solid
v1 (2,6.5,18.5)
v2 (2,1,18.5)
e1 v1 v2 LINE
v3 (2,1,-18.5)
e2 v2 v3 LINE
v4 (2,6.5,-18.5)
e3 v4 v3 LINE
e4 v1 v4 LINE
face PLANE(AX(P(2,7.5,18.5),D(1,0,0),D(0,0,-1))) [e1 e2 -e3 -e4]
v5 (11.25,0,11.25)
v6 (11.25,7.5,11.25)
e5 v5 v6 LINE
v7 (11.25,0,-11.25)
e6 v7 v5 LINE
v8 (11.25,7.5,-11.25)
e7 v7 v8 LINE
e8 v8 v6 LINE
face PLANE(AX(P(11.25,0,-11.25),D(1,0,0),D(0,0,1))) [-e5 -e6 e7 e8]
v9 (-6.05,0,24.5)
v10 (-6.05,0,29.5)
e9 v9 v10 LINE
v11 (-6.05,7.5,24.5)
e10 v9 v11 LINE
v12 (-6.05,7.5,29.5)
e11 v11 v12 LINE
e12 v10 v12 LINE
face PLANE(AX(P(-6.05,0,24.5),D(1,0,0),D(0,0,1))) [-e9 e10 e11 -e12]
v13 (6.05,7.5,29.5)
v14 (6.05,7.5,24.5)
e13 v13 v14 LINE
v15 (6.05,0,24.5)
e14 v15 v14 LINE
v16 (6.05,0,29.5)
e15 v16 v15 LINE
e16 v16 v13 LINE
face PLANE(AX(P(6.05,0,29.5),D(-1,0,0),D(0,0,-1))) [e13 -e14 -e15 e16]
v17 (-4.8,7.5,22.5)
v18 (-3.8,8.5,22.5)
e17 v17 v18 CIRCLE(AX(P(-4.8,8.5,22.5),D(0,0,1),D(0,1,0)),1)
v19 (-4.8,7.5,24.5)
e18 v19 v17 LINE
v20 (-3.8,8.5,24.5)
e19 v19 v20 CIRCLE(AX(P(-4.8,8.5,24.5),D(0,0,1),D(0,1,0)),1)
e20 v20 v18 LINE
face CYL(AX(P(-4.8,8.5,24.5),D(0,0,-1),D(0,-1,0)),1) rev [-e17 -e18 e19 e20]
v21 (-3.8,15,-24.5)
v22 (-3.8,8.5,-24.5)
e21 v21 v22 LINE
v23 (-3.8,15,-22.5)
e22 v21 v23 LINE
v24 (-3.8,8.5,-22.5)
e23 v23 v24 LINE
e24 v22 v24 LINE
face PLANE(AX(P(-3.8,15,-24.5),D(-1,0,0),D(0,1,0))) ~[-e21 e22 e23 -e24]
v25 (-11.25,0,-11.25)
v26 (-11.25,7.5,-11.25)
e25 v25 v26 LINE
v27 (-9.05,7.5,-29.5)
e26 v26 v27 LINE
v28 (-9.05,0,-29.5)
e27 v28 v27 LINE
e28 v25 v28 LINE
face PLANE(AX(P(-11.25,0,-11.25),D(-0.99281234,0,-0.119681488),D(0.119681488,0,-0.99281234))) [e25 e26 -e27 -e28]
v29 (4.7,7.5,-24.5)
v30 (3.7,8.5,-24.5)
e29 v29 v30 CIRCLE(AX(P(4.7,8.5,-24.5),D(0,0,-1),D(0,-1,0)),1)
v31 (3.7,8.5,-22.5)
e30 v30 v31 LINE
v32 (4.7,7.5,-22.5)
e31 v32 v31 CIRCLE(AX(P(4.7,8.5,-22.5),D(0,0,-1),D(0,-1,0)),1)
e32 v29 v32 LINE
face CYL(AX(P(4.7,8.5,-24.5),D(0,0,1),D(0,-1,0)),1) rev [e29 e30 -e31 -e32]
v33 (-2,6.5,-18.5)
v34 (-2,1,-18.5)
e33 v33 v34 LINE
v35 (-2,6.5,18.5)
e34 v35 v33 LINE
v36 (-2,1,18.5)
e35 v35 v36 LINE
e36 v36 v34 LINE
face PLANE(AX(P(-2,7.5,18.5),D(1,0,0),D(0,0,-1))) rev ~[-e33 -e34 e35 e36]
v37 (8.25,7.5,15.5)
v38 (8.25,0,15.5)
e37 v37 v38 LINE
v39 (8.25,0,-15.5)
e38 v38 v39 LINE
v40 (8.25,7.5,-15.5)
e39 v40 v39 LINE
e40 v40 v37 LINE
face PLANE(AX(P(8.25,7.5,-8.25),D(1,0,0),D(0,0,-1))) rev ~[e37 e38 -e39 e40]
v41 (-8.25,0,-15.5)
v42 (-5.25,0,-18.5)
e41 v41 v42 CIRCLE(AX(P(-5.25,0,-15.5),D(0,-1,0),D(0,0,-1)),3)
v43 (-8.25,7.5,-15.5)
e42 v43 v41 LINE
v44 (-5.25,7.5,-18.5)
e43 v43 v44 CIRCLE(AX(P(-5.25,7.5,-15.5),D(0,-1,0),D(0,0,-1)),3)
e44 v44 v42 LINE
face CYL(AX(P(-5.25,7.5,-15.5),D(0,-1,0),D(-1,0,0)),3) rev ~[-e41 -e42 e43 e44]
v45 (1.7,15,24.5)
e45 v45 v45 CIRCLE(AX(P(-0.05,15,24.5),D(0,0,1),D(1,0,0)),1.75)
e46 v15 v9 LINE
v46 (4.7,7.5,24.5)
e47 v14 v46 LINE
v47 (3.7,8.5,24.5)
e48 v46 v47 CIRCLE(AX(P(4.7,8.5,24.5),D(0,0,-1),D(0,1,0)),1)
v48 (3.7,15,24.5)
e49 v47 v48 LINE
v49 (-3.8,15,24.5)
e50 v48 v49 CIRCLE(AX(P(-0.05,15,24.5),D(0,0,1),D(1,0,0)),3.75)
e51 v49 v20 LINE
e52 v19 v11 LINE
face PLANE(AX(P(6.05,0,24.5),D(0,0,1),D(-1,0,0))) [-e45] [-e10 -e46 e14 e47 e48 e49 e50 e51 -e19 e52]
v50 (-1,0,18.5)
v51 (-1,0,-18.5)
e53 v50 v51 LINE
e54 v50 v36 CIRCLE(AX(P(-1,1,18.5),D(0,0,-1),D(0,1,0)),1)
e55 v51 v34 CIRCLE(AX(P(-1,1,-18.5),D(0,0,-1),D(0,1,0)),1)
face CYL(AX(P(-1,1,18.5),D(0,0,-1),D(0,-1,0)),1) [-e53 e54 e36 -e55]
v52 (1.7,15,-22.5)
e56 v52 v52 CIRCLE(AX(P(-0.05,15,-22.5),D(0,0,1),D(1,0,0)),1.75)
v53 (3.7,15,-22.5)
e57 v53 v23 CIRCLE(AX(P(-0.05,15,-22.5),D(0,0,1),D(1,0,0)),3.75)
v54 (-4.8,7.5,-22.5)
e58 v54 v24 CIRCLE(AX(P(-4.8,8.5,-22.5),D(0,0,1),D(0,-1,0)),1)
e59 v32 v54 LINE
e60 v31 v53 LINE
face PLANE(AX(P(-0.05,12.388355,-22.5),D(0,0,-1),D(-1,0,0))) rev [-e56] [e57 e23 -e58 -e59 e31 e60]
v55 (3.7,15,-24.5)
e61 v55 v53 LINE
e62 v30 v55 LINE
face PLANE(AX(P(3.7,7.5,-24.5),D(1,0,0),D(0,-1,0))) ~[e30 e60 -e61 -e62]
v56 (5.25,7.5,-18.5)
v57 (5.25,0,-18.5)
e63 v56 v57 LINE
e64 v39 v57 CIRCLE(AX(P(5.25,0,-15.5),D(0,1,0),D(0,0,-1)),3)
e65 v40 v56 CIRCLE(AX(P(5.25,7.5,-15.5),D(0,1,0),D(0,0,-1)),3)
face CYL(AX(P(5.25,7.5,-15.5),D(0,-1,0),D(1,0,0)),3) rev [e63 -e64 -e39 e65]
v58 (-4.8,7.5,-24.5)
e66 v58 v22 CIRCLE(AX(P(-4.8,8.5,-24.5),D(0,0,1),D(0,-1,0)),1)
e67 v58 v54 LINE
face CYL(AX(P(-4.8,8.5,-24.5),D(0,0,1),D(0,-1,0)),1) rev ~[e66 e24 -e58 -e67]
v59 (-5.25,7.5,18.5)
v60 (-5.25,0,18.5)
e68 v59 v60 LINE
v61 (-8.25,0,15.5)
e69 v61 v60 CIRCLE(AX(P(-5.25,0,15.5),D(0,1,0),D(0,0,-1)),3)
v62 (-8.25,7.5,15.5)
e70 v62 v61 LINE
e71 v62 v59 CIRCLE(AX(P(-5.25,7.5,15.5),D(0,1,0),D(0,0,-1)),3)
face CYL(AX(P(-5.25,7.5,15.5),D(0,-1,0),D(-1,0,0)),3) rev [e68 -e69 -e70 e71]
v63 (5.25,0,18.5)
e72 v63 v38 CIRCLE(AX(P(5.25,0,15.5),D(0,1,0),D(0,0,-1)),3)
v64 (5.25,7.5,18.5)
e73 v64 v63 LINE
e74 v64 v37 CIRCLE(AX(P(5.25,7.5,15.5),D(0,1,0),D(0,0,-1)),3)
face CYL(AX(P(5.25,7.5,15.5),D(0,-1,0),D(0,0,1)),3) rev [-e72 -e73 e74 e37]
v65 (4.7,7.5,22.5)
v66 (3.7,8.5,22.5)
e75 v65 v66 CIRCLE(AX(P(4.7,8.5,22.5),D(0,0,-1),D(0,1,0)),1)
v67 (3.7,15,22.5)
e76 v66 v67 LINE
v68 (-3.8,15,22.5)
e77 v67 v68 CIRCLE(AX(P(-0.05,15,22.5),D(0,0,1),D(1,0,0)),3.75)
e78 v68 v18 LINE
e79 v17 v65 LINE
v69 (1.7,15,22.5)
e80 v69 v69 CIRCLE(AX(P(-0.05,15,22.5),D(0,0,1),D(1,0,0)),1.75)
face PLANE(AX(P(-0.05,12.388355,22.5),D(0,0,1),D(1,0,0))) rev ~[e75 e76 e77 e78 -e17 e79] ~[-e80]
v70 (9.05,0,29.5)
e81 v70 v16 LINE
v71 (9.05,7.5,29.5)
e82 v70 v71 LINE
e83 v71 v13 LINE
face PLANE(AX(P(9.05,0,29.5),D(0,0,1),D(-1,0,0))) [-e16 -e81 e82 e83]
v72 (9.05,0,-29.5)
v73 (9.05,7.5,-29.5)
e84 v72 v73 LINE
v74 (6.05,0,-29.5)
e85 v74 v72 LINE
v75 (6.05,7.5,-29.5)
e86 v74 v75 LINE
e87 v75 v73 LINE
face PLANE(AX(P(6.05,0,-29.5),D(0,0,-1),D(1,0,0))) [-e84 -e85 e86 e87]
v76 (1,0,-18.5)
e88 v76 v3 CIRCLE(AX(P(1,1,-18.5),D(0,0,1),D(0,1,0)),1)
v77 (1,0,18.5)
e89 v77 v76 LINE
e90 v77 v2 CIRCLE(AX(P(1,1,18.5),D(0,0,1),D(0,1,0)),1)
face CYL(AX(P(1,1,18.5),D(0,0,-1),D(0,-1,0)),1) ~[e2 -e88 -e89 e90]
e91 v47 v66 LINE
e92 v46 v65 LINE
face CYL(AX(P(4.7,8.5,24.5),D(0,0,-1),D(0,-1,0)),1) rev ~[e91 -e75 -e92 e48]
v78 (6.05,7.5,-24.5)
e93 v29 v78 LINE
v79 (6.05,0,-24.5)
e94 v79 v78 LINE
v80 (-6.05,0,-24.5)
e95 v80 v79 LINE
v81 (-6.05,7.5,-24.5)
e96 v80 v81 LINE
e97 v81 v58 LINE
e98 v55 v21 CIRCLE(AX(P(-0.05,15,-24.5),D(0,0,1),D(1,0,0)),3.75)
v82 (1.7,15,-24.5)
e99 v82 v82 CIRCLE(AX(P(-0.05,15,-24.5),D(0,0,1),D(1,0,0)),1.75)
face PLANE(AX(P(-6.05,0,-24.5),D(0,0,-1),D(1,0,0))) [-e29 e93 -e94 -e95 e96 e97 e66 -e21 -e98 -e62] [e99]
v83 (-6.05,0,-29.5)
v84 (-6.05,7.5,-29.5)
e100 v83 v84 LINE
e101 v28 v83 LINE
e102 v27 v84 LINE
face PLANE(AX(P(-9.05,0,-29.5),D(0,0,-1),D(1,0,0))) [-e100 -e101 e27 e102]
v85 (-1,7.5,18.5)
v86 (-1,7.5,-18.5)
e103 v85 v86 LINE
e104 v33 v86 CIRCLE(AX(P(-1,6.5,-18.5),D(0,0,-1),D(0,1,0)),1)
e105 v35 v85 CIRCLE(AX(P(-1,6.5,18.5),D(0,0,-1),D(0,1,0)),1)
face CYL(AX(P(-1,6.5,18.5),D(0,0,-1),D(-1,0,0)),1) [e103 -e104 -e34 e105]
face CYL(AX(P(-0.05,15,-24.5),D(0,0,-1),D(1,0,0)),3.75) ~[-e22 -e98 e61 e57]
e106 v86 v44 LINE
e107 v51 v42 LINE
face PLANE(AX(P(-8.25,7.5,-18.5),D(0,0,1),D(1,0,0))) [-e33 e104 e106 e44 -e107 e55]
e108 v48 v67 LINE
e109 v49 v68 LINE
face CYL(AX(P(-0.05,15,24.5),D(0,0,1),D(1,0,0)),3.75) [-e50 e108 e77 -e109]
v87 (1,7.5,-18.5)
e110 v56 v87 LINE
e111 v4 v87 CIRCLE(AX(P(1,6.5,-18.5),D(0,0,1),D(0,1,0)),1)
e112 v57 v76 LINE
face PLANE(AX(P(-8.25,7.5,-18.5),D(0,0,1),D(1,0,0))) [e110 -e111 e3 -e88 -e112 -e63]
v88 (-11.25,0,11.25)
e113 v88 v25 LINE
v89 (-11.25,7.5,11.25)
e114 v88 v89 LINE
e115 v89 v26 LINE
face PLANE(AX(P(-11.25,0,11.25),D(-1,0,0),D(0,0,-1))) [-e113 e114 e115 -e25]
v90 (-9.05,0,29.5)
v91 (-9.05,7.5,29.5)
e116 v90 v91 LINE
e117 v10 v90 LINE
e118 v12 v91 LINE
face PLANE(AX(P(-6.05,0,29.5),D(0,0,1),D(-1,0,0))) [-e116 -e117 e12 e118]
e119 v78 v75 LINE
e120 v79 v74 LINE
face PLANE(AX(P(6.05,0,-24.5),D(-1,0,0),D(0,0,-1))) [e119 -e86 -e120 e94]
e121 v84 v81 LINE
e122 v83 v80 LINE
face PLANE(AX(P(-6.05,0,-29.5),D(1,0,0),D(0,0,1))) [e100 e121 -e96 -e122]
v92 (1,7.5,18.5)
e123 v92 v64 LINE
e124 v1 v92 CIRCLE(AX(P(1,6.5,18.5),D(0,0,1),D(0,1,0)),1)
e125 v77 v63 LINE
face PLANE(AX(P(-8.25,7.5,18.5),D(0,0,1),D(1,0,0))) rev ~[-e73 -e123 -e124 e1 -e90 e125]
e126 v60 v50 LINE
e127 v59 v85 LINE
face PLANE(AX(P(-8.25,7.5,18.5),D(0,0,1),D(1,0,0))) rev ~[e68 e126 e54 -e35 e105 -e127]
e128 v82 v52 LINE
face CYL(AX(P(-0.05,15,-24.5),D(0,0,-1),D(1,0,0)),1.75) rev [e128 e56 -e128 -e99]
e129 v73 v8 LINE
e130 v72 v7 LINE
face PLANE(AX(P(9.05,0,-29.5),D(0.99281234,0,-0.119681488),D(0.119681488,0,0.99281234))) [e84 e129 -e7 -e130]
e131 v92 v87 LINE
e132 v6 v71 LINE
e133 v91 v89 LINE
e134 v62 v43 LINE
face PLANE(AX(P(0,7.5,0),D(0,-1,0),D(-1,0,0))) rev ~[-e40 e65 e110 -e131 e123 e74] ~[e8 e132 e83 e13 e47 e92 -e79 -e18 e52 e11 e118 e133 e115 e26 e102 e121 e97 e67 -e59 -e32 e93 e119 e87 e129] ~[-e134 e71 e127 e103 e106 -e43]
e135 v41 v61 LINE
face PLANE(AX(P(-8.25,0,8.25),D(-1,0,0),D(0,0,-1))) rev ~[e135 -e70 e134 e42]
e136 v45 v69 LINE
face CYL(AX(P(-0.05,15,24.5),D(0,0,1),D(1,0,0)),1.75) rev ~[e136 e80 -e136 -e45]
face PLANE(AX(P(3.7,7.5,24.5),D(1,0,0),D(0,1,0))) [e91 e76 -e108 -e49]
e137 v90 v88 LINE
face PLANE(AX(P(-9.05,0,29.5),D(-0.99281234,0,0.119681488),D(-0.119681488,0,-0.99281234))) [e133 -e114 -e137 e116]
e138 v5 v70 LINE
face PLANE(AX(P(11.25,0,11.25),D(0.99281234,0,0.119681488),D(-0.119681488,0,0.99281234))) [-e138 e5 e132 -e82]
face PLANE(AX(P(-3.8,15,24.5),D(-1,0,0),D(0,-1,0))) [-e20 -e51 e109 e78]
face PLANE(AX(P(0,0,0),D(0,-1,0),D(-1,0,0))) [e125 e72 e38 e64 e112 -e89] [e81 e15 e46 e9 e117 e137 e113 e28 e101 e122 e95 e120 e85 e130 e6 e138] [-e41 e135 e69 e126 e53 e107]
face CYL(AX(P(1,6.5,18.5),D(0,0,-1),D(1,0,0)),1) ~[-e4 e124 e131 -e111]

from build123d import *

# Parameters (mm, degrees)
SKETCH1_W           = 16.5
SKETCH1_H           = 16.5
BOSS_EXTRUDE2_DEPTH = 7.5
SKETCH2_W           = 16.5
SKETCH2_H           = 10.25
CUT_EXTRUDE1_DEPTH  = 33.450924486
SKETCH5_W           = 4
SKETCH5_H           = 37
BOSS_EXTRUDE4_DEPTH = 7.5
SKETCH4_R           = 1.75
BOSS_EXTRUDE3_DEPTH = 2
FILLET1_R           = 3
FILLET2_R           = 1
FILLET3_R           = 1


with BuildPart() as part:
    # Sketch1 → Boss-Extrude2 (new body)
    with BuildSketch(Plane(origin=(0, 0, 0), x_dir=(1, 0, 0), z_dir=(0, 1, 0))):
        Polygon((-11.25, -11.25), (-11.25, 11.25), (-9.05, 29.5), (-6.05, 29.5), (-6.05, 24.5), (6.05, 24.5), (6.05, 29.5), (9.05, 29.5), (11.25, 11.25), (11.25, -11.25), (9.05, -29.5), (6.05, -29.5), (6.05, -24.5), (-6.05, -24.5), (-6.05, -29.5), (-9.05, -29.5), align=None)
        Rectangle(SKETCH1_W, SKETCH1_H, mode=Mode.SUBTRACT)
    extrude(amount=BOSS_EXTRUDE2_DEPTH)

    # Sketch2 → Cut-Extrude1 (cut, through all)
    with BuildSketch(Plane(origin=(0, 7.5, 0), x_dir=(1, 0, 0), z_dir=(0, 1, 0))):
        with Locations((0, 13.375)):
            Rectangle(SKETCH2_W, SKETCH2_H)
        with Locations((0, -13.375)):
            Rectangle(SKETCH2_W, SKETCH2_H)
    extrude(amount=-CUT_EXTRUDE1_DEPTH, mode=Mode.SUBTRACT)

    # Sketch5 → Boss-Extrude4 (add)
    with BuildSketch(Plane(origin=(0, 7.5, 0), x_dir=(1, 0, 0), z_dir=(0, 1, 0))):
        Rectangle(SKETCH5_W, SKETCH5_H)
    extrude(amount=-BOSS_EXTRUDE4_DEPTH)

    # Sketch4 → Boss-Extrude3 (add)
    with BuildSketch(Plane.XY.offset(24.5)):
        with BuildLine():
            Line((-3.8, 7.5), (3.7, 7.5))
            Line((3.7, 7.5), (3.7, 15))
            ThreePointArc((3.7, 15), (-0.05, 18.75), (-3.8, 15))
            Line((-3.8, 15), (-3.8, 7.5))
        make_face()
        with Locations((-0.05, 15)):
            Circle(SKETCH4_R, mode=Mode.SUBTRACT)
    boss_extrude3 = extrude(amount=-BOSS_EXTRUDE3_DEPTH)

    # Mirror1: Boss-Extrude3 across plane
    add(boss_extrude3.mirror(Plane.XY))

    # Fillet1
    fillet1_edges = [part.edges().sort_by_distance(p)[0] for p in [
        (-8.25, 3.75, -18.5),
        (8.25, 3.75, -18.5),
        (8.25, 3.75, 18.5),
        (-8.25, 3.75, 18.5),
    ]]
    fillet(fillet1_edges, radius=FILLET1_R)

    # Fillet2
    fillet2_edges = [part.edges().sort_by_distance(p)[0] for p in [
        (-3.8, 7.5, 23.5),
        (3.7, 7.5, 23.5),
        (-3.8, 7.5, -23.5),
        (3.7, 7.5, -23.5),
    ]]
    fillet(fillet2_edges, radius=FILLET2_R)

    # Fillet3
    fillet3_edges = [part.edges().sort_by_distance(p)[0] for p in [
        (-2, 7.5, 0),
        (2, 7.5, 0),
        (-2, 0, 0),
        (2, 0, 0),
    ]]
    fillet(fillet3_edges, radius=FILLET3_R)


solid = part.part
